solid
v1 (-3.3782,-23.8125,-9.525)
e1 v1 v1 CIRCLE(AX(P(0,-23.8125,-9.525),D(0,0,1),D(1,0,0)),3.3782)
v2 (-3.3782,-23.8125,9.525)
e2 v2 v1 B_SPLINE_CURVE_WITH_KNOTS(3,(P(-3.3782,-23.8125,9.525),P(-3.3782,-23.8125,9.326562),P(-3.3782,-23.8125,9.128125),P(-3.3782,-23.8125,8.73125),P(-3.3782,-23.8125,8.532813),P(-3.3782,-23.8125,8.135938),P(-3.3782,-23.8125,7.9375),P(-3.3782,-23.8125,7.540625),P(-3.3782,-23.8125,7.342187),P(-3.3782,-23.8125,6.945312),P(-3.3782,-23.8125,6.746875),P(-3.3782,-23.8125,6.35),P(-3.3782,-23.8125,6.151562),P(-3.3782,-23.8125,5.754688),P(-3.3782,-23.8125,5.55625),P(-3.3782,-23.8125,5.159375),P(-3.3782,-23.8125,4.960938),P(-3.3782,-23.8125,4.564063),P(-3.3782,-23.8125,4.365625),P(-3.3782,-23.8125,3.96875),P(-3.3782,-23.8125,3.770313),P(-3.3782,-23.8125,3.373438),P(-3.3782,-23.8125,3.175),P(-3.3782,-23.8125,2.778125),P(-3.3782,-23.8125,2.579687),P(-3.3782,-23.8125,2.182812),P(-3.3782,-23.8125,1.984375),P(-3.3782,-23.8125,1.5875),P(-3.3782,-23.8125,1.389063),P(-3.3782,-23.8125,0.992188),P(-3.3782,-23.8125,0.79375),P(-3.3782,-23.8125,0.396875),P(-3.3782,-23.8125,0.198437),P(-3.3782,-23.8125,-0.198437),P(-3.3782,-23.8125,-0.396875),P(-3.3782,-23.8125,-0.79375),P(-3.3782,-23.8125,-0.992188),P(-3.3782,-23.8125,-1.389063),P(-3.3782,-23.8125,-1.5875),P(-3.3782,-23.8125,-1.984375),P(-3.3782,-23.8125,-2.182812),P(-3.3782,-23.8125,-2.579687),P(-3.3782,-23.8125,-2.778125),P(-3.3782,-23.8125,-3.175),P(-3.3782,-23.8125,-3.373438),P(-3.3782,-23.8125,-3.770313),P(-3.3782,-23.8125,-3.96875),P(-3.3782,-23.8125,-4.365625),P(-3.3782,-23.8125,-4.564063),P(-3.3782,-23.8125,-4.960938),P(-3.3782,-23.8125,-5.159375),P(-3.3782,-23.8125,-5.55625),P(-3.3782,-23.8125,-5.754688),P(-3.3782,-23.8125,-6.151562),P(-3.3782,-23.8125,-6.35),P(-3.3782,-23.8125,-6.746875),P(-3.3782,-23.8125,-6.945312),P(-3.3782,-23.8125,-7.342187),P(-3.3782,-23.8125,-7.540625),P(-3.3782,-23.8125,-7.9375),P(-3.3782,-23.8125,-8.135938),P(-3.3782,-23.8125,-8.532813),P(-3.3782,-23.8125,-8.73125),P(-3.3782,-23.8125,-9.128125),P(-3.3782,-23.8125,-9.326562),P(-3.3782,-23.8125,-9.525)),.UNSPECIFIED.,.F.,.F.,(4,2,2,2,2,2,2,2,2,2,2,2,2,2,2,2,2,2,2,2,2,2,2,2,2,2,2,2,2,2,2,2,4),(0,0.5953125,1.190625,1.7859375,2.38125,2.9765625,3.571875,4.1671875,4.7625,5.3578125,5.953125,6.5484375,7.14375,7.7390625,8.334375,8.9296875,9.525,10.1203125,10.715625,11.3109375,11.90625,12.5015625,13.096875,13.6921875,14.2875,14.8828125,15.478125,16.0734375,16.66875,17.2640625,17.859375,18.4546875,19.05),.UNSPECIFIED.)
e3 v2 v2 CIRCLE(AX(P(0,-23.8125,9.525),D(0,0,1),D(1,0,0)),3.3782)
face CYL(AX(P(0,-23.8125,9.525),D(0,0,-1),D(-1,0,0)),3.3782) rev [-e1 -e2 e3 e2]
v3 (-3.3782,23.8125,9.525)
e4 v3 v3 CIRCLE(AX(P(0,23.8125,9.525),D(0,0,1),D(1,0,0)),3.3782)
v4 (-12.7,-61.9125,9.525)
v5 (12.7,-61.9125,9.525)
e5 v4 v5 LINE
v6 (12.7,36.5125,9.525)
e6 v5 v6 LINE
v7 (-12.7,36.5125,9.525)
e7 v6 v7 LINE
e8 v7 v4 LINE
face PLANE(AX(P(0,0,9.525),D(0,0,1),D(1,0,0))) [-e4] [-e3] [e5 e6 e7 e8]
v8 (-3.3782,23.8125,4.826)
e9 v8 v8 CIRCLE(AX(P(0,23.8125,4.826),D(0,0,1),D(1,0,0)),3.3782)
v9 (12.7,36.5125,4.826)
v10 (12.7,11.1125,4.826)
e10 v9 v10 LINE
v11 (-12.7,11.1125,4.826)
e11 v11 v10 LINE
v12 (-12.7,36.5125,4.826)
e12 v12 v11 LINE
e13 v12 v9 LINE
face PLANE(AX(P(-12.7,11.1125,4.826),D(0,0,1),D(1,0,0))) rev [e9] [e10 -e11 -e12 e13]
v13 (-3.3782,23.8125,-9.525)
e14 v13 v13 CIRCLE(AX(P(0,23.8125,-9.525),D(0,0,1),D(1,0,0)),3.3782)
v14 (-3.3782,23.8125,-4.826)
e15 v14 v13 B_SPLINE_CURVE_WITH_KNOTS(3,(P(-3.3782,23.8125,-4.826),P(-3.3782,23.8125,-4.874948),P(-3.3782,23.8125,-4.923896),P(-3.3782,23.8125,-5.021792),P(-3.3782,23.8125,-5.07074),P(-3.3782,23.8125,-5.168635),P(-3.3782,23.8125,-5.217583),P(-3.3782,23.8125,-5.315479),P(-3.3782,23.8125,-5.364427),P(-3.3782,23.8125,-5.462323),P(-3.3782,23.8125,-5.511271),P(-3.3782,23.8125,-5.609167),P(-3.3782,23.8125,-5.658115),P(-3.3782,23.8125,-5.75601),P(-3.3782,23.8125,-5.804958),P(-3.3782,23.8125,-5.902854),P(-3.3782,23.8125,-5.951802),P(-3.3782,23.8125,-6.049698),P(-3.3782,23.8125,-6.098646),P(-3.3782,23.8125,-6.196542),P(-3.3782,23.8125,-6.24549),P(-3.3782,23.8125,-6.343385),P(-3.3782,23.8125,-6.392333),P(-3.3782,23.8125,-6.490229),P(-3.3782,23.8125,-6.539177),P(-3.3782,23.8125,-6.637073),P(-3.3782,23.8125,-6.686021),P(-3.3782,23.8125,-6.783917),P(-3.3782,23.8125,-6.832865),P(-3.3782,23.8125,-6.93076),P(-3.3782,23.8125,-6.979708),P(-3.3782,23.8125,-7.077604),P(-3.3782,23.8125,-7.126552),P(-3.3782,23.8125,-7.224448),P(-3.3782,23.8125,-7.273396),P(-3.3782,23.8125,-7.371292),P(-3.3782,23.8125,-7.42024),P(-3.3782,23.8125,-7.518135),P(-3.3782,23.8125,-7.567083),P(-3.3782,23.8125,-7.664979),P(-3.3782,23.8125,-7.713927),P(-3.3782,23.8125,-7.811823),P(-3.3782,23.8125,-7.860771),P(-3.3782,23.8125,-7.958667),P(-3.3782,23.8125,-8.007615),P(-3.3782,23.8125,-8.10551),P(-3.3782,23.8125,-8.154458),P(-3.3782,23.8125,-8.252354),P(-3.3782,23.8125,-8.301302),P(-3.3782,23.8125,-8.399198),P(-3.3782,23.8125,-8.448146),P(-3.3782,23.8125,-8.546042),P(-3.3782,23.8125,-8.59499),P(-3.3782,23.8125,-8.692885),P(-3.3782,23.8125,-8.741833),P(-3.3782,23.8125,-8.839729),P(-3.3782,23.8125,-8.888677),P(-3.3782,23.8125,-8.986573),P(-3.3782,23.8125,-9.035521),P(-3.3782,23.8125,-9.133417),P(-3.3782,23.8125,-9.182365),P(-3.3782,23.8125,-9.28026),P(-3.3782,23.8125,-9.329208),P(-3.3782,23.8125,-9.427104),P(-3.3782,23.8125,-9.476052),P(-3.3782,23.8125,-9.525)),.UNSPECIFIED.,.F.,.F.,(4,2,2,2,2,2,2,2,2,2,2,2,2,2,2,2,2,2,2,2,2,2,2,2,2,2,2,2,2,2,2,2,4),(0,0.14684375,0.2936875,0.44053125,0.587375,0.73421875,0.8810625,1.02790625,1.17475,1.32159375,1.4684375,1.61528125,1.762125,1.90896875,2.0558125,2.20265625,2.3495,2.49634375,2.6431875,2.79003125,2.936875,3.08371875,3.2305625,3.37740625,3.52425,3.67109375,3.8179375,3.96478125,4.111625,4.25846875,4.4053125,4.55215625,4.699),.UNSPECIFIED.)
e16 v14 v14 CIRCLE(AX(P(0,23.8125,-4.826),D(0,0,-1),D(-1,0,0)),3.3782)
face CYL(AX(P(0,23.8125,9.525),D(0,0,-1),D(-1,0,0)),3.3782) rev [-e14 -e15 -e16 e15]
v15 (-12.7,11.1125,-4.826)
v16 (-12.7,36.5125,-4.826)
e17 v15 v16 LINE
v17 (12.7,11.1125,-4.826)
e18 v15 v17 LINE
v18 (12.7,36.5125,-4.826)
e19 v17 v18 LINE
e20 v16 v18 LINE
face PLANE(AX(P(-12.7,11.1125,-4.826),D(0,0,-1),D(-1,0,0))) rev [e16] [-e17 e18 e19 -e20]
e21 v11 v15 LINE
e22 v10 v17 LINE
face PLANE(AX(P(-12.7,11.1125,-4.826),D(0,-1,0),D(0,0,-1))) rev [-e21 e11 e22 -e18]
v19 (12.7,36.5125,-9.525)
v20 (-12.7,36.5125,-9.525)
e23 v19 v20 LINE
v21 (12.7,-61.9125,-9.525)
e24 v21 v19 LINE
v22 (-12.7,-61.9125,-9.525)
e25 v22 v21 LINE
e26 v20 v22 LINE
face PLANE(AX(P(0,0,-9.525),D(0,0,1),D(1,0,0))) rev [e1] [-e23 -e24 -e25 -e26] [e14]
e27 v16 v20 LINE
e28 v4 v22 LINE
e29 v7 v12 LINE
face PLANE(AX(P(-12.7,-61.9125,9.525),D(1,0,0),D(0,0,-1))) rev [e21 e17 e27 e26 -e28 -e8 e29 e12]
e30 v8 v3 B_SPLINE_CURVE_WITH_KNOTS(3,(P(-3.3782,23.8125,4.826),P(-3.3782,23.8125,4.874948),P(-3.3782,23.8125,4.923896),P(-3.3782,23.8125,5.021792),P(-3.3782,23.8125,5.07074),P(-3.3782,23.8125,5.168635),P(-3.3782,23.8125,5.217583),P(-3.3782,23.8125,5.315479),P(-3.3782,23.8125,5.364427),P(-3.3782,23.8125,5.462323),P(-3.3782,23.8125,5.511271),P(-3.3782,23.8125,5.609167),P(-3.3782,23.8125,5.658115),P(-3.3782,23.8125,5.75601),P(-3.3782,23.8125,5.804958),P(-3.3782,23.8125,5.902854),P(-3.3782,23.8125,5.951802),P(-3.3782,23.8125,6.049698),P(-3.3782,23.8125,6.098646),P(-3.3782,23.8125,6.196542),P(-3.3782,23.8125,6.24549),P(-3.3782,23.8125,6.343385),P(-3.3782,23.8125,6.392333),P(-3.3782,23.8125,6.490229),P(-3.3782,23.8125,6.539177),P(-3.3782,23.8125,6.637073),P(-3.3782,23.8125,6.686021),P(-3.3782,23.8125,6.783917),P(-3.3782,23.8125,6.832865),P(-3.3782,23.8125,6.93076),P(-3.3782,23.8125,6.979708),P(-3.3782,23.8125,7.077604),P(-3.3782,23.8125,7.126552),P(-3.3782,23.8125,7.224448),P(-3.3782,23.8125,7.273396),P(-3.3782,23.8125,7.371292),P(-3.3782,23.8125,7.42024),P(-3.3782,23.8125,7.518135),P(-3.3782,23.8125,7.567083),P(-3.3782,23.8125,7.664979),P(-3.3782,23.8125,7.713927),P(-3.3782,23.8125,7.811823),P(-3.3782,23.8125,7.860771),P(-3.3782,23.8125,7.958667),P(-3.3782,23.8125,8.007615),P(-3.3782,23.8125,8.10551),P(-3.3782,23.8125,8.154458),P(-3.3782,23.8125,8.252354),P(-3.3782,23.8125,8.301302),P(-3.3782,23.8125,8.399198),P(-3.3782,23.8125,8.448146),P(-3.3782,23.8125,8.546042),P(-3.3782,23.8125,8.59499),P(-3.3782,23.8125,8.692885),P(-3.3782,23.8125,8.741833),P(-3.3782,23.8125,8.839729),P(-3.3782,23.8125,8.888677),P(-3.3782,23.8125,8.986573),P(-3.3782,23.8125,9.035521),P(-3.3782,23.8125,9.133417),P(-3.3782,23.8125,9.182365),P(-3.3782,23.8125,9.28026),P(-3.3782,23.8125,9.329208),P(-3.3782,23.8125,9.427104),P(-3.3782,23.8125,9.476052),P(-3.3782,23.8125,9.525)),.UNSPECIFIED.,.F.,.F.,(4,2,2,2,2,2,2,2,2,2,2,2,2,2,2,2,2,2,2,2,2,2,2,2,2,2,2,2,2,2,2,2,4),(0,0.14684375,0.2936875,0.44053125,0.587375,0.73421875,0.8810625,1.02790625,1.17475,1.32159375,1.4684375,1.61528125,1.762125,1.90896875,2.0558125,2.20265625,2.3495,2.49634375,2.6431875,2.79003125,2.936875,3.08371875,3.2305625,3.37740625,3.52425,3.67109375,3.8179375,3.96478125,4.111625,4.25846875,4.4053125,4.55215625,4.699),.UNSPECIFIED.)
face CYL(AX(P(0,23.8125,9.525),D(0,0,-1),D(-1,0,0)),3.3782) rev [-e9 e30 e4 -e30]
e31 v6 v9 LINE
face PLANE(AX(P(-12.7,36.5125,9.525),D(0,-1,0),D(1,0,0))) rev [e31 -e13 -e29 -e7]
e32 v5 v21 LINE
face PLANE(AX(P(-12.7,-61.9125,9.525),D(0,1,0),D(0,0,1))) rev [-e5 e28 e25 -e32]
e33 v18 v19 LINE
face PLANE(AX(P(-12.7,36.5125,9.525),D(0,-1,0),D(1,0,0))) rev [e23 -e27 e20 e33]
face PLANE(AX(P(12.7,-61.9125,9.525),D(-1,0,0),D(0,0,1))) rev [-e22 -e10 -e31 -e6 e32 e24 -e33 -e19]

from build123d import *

# Parameters (mm, degrees)
SKETCH1_R           = 3.3782
BOSS_EXTRUDE1_DEPTH = 9.525
SKETCH3_W           = 9.652
SKETCH3_H           = 25.4
CUT_EXTRUDE1_DEPTH  = 68.594698618


with BuildPart() as part:
    # Sketch1 → Boss-Extrude1 (new, symmetric)
    with BuildSketch(Plane.XY):
        Polygon((-12.7, 23.8125), (-12.7, 36.5125), (12.7, 36.5125), (12.7, 23.8125), (12.7, -61.9125), (-12.7, -61.9125), align=None)
        with Locations(Location((0, 23.8125, 0), (0, 0, 180))):
            Circle(SKETCH1_R, mode=Mode.SUBTRACT)
        with Locations(Location((0, -23.8125, 0), (0, 0, 180))):
            Circle(SKETCH1_R, mode=Mode.SUBTRACT)
    extrude(amount=BOSS_EXTRUDE1_DEPTH, both=True)

    # Sketch3 → Cut-Extrude1 (cut, through all)
    with BuildSketch(Plane(origin=(12.7, 0, 0), x_dir=(0, 0, -1), z_dir=(1, 0, 0))):
        with Locations((0, 23.8125)):
            Rectangle(SKETCH3_W, SKETCH3_H)
    extrude(amount=-CUT_EXTRUDE1_DEPTH, mode=Mode.SUBTRACT)


solid = part.part
